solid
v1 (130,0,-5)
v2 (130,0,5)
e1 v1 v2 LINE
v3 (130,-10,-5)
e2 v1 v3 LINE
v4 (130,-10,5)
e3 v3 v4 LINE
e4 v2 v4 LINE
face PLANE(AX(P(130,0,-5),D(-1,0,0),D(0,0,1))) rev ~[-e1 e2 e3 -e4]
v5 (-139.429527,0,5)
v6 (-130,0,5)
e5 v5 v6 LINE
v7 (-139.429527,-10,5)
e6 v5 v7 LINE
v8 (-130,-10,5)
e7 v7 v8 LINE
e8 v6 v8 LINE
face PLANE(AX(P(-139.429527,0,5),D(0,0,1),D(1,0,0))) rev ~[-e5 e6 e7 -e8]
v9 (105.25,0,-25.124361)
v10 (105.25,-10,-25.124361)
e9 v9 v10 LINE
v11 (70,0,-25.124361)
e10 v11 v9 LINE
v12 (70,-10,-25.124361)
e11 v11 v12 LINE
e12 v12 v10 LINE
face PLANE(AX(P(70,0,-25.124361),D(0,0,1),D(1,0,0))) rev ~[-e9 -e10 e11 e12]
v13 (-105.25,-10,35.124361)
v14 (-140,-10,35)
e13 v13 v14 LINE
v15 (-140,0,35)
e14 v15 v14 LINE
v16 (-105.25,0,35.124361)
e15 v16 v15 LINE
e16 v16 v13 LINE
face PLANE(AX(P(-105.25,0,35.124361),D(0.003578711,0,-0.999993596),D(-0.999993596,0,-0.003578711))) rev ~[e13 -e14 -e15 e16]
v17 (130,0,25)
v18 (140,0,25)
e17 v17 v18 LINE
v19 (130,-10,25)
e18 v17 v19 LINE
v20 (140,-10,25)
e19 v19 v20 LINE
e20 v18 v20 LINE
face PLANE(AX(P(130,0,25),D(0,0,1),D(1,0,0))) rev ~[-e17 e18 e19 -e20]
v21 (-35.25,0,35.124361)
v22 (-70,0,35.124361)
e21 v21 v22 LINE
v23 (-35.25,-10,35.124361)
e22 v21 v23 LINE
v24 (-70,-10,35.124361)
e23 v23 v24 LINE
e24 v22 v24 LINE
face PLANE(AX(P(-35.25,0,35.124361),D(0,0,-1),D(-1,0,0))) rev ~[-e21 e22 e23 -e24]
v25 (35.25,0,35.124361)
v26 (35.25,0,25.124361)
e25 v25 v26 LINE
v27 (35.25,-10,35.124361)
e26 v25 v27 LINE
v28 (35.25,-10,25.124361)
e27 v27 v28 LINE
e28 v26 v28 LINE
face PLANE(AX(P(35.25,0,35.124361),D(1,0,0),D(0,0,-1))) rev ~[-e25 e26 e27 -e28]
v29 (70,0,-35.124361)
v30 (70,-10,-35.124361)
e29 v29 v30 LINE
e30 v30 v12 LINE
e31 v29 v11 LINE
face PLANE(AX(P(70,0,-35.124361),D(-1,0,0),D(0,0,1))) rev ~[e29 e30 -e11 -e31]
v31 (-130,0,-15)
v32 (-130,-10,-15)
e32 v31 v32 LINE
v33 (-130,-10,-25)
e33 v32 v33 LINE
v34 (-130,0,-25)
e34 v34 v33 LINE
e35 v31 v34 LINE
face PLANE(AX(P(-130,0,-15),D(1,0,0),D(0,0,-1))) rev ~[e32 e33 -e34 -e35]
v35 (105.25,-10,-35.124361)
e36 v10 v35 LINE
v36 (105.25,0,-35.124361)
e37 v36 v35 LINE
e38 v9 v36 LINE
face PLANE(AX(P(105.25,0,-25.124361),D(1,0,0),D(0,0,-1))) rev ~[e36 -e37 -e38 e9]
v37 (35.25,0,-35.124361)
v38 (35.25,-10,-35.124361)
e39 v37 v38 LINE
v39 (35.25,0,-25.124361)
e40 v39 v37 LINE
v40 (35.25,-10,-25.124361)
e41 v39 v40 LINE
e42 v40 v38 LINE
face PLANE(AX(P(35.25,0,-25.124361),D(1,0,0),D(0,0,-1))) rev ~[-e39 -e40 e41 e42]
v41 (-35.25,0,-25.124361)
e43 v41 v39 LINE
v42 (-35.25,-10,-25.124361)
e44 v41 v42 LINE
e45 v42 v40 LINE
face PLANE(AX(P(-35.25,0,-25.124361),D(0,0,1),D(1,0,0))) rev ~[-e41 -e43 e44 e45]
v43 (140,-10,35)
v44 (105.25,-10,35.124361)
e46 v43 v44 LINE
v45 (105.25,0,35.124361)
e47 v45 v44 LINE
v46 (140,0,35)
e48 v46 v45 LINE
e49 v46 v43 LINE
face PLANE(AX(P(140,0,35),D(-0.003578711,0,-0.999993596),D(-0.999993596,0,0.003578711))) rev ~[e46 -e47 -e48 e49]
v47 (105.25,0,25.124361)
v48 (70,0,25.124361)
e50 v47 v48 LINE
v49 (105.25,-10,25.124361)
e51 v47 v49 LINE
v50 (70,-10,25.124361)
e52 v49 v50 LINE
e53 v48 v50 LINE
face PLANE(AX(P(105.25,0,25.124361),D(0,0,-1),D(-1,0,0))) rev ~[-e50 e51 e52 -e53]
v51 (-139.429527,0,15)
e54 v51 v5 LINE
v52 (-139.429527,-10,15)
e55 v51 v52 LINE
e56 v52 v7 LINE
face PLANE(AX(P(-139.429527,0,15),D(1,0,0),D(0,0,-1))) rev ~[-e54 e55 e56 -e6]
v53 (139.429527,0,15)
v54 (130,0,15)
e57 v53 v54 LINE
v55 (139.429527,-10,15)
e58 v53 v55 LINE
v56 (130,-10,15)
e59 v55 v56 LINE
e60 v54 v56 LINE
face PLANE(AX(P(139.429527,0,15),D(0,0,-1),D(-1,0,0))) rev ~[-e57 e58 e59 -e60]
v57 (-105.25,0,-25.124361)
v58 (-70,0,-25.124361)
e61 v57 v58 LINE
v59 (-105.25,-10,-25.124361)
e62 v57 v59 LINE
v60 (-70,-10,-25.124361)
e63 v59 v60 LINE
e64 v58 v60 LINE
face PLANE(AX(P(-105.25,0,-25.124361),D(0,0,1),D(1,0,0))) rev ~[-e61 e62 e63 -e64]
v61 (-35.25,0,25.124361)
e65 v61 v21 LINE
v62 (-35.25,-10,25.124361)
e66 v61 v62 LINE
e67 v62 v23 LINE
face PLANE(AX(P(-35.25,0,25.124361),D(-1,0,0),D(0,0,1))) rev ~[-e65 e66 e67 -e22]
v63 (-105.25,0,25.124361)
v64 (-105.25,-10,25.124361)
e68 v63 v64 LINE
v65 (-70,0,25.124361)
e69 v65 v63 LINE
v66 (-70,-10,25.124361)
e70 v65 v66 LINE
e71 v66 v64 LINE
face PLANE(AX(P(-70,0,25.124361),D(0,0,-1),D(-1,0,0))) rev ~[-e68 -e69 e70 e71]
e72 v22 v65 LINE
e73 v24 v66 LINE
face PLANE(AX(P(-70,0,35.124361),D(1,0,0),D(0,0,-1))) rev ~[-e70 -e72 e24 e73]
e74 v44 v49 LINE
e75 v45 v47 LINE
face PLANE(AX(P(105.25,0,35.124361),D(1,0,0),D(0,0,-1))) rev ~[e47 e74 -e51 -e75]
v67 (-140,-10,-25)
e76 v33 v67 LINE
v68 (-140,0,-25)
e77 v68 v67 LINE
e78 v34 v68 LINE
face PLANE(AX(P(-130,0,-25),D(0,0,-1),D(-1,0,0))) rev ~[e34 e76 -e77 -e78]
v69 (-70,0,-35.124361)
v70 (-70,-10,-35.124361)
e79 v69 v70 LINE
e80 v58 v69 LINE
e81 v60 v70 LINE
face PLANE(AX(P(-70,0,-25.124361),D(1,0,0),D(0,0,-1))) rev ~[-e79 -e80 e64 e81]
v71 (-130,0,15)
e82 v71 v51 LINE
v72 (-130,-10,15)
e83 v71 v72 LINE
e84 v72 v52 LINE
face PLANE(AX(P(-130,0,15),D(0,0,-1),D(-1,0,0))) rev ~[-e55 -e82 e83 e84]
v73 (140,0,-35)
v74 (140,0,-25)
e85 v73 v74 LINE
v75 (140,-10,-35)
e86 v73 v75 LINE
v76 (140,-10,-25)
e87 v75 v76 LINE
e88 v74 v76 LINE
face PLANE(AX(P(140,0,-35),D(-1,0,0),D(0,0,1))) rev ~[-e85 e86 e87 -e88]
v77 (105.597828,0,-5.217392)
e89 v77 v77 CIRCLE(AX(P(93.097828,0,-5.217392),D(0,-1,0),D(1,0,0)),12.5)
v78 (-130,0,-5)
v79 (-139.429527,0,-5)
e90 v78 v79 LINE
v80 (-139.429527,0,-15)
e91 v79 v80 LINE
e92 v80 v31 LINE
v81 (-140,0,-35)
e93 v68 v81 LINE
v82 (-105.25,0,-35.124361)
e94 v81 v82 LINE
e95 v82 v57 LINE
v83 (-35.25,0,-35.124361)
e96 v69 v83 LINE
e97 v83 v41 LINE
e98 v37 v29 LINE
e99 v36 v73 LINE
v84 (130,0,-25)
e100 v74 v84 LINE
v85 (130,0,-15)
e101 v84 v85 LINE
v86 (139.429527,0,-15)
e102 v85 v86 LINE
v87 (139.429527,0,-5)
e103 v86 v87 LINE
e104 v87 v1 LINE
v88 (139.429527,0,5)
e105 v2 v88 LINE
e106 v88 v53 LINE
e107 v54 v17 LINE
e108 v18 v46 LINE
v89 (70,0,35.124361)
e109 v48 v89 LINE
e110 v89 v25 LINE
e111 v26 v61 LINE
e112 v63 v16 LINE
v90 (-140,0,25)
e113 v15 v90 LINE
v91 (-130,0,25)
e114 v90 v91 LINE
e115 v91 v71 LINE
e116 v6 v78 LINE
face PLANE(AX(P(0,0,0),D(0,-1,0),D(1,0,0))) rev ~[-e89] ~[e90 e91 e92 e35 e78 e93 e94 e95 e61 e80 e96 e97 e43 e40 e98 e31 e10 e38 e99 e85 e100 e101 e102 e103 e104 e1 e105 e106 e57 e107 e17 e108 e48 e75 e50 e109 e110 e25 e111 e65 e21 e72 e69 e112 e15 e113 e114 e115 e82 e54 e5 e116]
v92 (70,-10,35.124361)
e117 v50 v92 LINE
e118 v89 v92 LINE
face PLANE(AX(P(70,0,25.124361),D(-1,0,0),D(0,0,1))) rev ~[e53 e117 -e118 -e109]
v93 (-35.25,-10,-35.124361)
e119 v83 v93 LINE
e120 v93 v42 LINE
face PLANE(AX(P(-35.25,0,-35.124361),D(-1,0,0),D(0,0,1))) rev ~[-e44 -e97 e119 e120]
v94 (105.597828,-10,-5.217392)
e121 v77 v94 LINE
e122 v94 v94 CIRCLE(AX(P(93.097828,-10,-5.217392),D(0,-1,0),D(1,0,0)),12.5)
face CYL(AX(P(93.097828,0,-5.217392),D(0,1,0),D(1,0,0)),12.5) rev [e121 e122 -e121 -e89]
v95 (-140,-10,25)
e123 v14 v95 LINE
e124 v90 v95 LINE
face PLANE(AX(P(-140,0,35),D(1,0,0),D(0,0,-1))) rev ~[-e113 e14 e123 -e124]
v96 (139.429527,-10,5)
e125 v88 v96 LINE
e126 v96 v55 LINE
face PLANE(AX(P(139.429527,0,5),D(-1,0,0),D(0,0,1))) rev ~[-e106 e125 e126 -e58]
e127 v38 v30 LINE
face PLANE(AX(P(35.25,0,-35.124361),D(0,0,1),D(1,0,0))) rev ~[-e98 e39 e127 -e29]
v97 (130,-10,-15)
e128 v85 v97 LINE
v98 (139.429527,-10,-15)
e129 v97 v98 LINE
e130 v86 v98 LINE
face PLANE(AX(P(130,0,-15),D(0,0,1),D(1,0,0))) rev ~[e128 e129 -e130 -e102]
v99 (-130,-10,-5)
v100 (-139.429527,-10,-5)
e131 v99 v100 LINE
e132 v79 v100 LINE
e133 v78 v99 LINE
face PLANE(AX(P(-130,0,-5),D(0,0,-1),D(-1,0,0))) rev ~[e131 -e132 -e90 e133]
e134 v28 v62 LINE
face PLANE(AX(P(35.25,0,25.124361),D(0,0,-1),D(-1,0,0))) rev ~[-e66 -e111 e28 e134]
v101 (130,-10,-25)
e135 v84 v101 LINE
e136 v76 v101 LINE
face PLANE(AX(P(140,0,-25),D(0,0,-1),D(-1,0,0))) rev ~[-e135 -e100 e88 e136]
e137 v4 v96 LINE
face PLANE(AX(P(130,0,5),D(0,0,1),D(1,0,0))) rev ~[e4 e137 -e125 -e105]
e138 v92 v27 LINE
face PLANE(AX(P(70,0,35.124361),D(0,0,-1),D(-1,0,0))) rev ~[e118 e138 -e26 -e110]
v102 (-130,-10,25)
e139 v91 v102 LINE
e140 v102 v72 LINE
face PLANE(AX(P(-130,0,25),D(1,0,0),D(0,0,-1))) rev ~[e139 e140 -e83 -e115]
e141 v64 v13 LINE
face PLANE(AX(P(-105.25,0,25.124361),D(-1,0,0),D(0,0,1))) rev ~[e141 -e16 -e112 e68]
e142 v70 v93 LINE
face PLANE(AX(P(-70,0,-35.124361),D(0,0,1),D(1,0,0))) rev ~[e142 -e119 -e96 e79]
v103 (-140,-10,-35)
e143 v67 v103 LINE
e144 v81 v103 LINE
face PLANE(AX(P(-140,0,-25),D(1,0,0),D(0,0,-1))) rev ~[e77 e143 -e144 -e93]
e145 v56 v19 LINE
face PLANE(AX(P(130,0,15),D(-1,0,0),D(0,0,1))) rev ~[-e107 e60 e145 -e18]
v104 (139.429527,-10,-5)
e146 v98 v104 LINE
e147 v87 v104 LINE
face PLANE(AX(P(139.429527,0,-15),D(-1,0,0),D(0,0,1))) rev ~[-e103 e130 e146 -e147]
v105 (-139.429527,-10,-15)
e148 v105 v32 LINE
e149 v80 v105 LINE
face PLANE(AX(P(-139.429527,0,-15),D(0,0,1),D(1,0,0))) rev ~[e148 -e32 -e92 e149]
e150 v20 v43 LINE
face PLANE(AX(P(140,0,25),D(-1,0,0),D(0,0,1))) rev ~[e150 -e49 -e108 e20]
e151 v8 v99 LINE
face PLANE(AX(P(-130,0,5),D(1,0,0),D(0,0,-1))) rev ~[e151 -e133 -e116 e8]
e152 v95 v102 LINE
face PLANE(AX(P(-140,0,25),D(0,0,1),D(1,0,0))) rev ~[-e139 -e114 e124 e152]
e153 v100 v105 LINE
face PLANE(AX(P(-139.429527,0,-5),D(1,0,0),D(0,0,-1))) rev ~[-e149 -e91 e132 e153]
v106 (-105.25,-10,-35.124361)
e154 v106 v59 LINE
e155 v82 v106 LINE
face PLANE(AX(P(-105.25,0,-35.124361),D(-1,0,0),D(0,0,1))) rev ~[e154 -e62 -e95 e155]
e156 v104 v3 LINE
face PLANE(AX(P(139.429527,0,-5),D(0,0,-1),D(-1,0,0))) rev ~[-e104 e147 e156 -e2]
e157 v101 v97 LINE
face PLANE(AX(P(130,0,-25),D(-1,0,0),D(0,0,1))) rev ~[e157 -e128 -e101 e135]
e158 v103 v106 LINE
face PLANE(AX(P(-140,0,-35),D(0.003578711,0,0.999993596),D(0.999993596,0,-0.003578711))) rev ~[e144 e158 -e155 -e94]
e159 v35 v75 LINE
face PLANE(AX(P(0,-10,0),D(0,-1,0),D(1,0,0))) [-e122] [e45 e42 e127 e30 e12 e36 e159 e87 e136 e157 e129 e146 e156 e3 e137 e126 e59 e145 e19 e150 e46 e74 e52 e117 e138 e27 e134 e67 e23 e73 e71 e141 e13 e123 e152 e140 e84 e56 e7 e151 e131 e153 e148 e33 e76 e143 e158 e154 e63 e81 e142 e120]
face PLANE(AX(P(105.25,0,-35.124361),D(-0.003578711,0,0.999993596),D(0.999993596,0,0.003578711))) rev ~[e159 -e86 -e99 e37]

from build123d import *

# Parameters (mm, degrees)
F0_R     = 12.5
F1_DEPTH = 10


with BuildPart() as f1:
    # F0 (on Front) → F1 (new body)
    with BuildSketch(Plane.XZ):
        Polygon((105.25, -35.124361), (140, -35), (140, -25), (130, -25), (130, -15), (139.429527, -15), (139.429527, -5), (130, -5), (130, 5), (139.429527, 5), (139.429527, 15), (130, 15), (130, 25), (140, 25), (140, 35), (105.25, 35.124361), (105.25, 25.124361), (70, 25.124361), (70, 35.124361), (35.25, 35.124361), (35.25, 25.124361), (0, 25.124361), (-35.25, 25.124361), (-35.25, 35.124361), (-70, 35.124361), (-70, 25.124361), (-105.25, 25.124361), (-105.25, 35.124361), (-140, 35), (-140, 25), (-130, 25), (-130, 15), (-139.429527, 15), (-139.429527, 5), (-130, 5), (-130, -5), (-139.429527, -5), (-139.429527, -15), (-130, -15), (-130, -25), (-140, -25), (-140, -35), (-105.25, -35.124361), (-105.25, -25.124361), (-70, -25.124361), (-70, -35.124361), (-35.25, -35.124361), (-35.25, -25.124361), (0, -25.124361), (35.25, -25.124361), (35.25, -35.124361), (70, -35.124361), (70, -25.124361), (105.25, -25.124361), align=None)
        with Locations((93.097828, -5.217392)):
            Circle(F0_R, mode=Mode.SUBTRACT)
    extrude(amount=F1_DEPTH)


solid = f1.part
